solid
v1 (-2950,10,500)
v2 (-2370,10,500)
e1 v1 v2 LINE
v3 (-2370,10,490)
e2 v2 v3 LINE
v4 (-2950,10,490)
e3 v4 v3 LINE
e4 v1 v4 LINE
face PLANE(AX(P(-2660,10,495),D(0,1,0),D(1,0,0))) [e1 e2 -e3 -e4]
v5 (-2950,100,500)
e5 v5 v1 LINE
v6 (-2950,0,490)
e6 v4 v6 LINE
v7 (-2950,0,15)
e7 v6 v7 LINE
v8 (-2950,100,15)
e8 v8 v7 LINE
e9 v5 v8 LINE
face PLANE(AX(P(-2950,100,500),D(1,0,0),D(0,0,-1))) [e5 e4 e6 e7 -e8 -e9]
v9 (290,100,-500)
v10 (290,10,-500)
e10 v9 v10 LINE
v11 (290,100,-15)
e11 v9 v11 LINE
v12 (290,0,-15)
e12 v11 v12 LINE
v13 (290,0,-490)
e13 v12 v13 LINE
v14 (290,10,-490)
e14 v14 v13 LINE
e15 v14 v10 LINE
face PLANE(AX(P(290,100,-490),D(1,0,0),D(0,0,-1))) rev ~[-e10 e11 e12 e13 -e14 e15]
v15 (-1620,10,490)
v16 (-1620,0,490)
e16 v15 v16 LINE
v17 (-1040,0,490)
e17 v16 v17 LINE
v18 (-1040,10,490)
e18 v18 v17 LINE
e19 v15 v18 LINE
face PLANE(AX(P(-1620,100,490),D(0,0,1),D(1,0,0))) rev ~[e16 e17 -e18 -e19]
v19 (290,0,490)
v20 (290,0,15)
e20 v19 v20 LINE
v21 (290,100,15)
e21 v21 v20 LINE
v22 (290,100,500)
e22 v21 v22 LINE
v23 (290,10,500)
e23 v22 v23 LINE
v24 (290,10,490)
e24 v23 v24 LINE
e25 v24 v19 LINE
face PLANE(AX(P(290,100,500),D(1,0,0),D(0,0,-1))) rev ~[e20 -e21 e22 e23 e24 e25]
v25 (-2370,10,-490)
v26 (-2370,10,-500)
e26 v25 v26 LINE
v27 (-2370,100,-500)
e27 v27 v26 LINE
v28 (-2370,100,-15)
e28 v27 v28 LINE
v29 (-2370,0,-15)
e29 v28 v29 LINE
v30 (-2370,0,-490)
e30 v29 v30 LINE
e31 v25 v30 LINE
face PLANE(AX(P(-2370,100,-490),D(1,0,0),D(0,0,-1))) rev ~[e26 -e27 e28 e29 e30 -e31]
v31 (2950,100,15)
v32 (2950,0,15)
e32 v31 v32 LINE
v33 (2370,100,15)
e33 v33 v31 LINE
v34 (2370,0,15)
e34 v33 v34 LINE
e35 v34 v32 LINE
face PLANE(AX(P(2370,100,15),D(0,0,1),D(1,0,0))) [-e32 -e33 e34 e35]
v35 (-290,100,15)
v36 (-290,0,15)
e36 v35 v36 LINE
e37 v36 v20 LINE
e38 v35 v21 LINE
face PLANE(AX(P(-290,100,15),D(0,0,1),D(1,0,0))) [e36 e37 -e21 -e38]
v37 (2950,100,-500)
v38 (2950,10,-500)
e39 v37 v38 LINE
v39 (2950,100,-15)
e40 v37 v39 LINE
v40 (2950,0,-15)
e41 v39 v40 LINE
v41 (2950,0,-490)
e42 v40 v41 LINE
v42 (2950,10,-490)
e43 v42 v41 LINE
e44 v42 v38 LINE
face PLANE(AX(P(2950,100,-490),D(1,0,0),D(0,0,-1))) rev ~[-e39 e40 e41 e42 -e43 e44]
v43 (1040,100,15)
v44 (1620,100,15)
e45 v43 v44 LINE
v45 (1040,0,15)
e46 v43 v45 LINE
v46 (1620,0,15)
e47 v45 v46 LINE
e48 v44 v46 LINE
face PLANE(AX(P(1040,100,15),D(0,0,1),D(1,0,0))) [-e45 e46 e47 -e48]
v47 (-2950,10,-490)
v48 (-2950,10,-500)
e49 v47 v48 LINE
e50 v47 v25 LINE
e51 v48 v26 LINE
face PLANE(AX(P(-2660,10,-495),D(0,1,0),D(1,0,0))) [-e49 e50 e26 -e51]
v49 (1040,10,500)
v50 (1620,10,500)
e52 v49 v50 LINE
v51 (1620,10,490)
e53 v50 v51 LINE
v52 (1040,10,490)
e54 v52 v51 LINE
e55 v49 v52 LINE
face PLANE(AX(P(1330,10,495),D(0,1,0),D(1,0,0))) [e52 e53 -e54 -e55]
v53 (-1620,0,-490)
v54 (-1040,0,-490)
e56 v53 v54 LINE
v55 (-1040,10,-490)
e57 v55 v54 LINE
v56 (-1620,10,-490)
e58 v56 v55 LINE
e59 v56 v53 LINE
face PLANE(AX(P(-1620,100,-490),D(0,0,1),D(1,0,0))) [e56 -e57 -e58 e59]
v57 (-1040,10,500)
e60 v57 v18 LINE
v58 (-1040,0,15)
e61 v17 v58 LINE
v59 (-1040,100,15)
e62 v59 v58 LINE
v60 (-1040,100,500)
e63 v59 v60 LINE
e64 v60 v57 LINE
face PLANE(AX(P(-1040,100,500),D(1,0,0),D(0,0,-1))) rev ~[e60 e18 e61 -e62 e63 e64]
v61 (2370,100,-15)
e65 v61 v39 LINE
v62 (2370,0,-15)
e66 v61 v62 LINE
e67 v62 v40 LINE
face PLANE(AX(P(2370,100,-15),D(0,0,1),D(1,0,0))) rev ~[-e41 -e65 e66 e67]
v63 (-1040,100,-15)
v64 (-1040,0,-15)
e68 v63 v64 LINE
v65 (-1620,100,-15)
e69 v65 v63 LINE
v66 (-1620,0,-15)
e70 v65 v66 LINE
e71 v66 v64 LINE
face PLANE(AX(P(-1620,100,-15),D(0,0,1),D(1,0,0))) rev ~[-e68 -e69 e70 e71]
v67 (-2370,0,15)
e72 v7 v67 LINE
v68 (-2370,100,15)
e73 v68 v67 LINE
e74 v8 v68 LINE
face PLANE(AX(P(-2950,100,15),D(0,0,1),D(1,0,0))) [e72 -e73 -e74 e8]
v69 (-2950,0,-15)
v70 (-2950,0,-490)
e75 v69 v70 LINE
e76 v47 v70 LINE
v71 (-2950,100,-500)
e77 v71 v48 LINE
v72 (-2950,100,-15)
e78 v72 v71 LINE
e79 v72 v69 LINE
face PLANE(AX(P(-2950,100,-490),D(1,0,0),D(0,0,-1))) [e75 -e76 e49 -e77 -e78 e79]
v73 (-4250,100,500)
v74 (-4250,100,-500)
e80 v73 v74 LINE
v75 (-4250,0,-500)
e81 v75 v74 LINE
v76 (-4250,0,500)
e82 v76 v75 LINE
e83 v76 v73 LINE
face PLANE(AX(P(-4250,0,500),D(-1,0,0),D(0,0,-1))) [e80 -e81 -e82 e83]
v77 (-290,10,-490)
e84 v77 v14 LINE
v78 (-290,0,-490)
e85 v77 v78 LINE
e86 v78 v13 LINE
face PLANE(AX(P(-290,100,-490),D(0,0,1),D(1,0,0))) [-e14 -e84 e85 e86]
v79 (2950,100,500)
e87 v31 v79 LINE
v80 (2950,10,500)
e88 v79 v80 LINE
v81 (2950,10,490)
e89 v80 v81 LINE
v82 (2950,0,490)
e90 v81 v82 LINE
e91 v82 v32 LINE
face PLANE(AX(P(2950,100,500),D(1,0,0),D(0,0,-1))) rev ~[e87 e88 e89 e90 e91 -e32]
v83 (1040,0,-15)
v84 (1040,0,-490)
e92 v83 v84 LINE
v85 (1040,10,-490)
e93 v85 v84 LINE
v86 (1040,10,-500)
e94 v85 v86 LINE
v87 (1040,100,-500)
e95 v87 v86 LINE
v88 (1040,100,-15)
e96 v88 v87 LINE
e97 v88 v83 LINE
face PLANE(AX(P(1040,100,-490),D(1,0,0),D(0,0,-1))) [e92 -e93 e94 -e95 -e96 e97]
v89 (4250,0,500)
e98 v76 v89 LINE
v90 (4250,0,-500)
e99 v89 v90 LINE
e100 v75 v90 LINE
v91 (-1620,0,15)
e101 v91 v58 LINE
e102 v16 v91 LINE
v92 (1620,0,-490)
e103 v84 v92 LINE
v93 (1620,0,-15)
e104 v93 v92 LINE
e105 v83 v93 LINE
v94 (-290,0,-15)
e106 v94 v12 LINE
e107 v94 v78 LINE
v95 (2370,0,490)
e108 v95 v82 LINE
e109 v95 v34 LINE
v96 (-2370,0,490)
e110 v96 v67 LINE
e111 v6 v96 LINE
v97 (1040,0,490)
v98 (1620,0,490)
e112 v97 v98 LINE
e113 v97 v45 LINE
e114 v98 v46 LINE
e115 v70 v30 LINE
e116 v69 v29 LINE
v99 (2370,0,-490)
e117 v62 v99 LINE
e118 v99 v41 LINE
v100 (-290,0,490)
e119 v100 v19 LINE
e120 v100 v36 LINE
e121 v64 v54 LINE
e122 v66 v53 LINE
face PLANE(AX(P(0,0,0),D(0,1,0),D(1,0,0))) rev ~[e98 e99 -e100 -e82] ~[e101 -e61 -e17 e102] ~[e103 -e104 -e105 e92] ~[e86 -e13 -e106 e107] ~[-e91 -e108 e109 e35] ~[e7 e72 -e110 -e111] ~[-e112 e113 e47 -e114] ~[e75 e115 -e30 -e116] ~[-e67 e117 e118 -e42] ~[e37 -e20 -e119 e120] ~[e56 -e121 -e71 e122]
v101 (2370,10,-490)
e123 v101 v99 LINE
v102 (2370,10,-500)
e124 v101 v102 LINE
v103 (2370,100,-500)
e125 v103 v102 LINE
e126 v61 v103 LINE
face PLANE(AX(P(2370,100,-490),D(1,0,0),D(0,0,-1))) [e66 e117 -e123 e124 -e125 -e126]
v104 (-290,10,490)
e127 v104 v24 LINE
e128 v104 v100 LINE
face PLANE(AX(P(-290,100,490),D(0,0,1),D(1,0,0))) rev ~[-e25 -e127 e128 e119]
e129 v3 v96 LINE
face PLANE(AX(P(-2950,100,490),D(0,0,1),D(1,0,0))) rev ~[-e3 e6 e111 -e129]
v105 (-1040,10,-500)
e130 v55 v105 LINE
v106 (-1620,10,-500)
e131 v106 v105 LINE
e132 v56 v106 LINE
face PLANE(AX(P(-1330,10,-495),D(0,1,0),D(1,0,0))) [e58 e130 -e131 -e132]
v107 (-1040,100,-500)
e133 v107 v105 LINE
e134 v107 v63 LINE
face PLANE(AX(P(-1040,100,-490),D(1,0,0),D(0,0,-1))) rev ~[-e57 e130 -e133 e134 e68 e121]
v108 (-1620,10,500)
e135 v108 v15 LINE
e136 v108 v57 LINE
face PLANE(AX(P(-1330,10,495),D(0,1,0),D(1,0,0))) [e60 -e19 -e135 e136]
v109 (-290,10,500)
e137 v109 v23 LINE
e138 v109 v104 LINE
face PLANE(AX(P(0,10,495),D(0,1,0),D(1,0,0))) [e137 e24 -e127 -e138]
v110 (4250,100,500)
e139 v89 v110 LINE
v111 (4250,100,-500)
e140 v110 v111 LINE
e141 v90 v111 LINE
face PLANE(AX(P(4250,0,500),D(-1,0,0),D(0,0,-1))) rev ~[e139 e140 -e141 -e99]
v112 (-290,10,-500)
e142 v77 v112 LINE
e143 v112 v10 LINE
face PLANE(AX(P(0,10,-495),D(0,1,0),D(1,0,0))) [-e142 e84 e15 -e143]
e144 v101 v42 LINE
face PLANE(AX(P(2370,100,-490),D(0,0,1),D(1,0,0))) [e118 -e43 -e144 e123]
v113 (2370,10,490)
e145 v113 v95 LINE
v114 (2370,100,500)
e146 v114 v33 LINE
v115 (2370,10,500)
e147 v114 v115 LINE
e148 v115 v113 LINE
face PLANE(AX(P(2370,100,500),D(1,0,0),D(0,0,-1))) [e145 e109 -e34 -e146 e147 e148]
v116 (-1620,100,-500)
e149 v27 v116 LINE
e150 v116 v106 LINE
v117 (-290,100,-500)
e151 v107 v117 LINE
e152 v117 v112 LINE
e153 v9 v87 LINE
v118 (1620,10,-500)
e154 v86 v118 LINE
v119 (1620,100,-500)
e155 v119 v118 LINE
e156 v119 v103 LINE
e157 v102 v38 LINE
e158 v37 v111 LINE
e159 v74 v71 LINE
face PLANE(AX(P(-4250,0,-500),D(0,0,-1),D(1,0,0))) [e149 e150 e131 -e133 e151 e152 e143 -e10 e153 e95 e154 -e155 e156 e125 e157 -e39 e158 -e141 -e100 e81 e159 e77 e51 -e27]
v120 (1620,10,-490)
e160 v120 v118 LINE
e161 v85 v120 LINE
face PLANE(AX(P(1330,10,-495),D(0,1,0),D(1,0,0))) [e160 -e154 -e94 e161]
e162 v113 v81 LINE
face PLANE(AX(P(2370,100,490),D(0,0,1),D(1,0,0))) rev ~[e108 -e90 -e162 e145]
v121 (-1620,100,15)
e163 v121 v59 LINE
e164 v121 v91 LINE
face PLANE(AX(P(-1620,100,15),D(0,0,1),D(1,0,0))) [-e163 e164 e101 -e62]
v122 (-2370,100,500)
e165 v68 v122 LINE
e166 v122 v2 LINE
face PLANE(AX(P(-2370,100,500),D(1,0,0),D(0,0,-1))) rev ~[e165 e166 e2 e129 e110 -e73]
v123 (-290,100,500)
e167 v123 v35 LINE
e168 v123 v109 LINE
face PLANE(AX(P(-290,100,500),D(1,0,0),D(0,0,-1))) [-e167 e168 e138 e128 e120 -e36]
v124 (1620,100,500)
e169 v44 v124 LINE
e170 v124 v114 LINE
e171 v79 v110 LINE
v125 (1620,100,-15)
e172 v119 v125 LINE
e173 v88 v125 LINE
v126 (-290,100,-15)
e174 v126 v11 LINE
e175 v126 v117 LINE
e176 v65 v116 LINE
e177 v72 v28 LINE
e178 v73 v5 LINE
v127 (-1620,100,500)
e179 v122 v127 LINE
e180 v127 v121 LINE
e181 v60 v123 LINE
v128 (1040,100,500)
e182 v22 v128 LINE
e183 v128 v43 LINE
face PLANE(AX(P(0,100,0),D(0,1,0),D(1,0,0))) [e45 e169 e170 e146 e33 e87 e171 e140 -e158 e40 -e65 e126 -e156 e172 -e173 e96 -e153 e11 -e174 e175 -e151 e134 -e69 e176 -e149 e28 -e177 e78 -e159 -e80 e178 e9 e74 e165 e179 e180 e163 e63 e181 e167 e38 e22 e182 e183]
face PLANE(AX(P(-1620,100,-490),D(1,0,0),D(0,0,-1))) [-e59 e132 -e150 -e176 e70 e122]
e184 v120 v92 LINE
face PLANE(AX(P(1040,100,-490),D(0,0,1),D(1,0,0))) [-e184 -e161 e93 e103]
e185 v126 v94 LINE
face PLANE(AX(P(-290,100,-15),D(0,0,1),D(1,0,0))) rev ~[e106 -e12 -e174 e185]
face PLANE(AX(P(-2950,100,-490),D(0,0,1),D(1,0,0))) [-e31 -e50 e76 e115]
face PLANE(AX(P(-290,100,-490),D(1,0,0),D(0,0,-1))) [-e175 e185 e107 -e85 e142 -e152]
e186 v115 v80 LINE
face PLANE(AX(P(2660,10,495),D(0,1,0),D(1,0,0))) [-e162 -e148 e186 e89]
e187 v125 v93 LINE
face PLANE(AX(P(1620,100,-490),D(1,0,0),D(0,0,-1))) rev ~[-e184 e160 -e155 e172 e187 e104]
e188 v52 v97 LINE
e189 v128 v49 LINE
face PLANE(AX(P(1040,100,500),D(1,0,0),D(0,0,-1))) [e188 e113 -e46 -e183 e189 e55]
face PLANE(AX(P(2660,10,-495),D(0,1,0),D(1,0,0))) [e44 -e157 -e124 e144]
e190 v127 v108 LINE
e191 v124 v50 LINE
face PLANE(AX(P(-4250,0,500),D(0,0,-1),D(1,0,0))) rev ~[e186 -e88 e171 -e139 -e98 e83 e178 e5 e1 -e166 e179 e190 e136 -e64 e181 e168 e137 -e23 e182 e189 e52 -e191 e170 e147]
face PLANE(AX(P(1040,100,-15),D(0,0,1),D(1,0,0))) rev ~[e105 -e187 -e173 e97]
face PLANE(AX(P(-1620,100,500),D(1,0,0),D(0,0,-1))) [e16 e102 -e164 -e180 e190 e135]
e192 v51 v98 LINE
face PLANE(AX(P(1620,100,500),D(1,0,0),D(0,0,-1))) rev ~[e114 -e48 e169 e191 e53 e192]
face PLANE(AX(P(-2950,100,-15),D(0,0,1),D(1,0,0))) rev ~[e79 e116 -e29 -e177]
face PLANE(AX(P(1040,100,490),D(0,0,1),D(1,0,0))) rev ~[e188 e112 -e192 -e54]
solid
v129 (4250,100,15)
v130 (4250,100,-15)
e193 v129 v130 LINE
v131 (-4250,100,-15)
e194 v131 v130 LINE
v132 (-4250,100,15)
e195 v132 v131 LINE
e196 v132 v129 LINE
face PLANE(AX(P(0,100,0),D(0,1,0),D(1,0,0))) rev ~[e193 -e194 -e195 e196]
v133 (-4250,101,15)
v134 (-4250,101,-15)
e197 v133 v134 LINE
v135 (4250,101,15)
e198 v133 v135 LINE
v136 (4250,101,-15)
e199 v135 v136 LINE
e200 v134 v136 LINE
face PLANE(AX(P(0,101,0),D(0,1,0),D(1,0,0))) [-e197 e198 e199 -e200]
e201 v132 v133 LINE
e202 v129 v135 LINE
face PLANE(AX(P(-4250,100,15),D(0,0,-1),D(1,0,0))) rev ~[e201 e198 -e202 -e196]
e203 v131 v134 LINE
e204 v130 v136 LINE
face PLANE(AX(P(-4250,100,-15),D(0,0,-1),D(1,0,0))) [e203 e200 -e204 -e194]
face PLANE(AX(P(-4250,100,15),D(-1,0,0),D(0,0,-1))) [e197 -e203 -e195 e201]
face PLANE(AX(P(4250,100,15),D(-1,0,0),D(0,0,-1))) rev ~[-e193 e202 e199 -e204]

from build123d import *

# Parameters (mm, degrees)
SKETCH1_W           = 8500
SKETCH1_H           = 1000
BOSS_EXTRUDE1_DEPTH = 100
SKETCH2_W           = 8500
SKETCH2_H           = 30
BOSS_EXTRUDE2_DEPTH = 1
SKETCH3_W           = 580
SKETCH3_H           = 475
CUT_EXTRUDE2_DEPTH  = 4281.478945165
SKETCH4_W           = 580
SKETCH4_H           = 10
CUT_EXTRUDE3_DEPTH  = 90


with BuildPart() as part:
    # Sketch1 → Boss-Extrude1 (new body)
    with BuildSketch(Plane(origin=(0, 0, 0), x_dir=(1, 0, 0), z_dir=(0, 1, 0))):
        Rectangle(SKETCH1_W, SKETCH1_H)
    extrude(amount=BOSS_EXTRUDE1_DEPTH)

    # Sketch3 → Cut-Extrude2 (cut, through all)
    with BuildSketch(Plane(origin=(0, 100, 0), x_dir=(1, 0, 0), z_dir=(0, 1, 0))):
        with Locations((-2660, 252.5)):
            Rectangle(SKETCH3_W, SKETCH3_H)
        with Locations((-1330, 252.5)):
            Rectangle(SKETCH3_W, SKETCH3_H)
        with Locations((0, 252.5)):
            Rectangle(SKETCH3_W, SKETCH3_H)
        with Locations((1330, 252.5)):
            Rectangle(SKETCH3_W, SKETCH3_H)
        with Locations((2660, 252.5)):
            Rectangle(SKETCH3_W, SKETCH3_H)
        with Locations((-1330, -252.5)):
            Rectangle(SKETCH3_W, SKETCH3_H)
        with Locations((0, -252.5)):
            Rectangle(SKETCH3_W, SKETCH3_H)
        with Locations((1330, -252.5)):
            Rectangle(SKETCH3_W, SKETCH3_H)
        with Locations((2660, -252.5)):
            Rectangle(SKETCH3_W, SKETCH3_H)
        with Locations((-2660, -252.5)):
            Rectangle(SKETCH3_W, SKETCH3_H)
    extrude(amount=-CUT_EXTRUDE2_DEPTH, mode=Mode.SUBTRACT)

    # Sketch4 → Cut-Extrude3 (cut)
    with BuildSketch(Plane(origin=(0, 100, 0), x_dir=(1, 0, 0), z_dir=(0, 1, 0))):
        with Locations((-2660, 495)):
            Rectangle(SKETCH4_W, SKETCH4_H)
        with Locations((-1330, 495)):
            Rectangle(SKETCH4_W, SKETCH4_H)
        with Locations((0, 495)):
            Rectangle(SKETCH4_W, SKETCH4_H)
        with Locations((1330, 495)):
            Rectangle(SKETCH4_W, SKETCH4_H)
        with Locations((2660, 495)):
            Rectangle(SKETCH4_W, SKETCH4_H)
        with Locations((-1330, -495)):
            Rectangle(SKETCH4_W, SKETCH4_H)
        with Locations((0, -495)):
            Rectangle(SKETCH4_W, SKETCH4_H)
        with Locations((1330, -495)):
            Rectangle(SKETCH4_W, SKETCH4_H)
        with Locations((2660, -495)):
            Rectangle(SKETCH4_W, SKETCH4_H)
        with Locations((-2660, -495)):
            Rectangle(SKETCH4_W, SKETCH4_H)
    extrude(amount=-CUT_EXTRUDE3_DEPTH, mode=Mode.SUBTRACT)


with BuildPart() as body_2:
    # Sketch2 → Boss-Extrude2 (new body)
    with BuildSketch(Plane(origin=(0, 100, 0), x_dir=(1, 0, 0), z_dir=(0, 1, 0))):
        Rectangle(SKETCH2_W, SKETCH2_H)
    extrude(amount=BOSS_EXTRUDE2_DEPTH)


solid = Compound([part.part, body_2.part])
